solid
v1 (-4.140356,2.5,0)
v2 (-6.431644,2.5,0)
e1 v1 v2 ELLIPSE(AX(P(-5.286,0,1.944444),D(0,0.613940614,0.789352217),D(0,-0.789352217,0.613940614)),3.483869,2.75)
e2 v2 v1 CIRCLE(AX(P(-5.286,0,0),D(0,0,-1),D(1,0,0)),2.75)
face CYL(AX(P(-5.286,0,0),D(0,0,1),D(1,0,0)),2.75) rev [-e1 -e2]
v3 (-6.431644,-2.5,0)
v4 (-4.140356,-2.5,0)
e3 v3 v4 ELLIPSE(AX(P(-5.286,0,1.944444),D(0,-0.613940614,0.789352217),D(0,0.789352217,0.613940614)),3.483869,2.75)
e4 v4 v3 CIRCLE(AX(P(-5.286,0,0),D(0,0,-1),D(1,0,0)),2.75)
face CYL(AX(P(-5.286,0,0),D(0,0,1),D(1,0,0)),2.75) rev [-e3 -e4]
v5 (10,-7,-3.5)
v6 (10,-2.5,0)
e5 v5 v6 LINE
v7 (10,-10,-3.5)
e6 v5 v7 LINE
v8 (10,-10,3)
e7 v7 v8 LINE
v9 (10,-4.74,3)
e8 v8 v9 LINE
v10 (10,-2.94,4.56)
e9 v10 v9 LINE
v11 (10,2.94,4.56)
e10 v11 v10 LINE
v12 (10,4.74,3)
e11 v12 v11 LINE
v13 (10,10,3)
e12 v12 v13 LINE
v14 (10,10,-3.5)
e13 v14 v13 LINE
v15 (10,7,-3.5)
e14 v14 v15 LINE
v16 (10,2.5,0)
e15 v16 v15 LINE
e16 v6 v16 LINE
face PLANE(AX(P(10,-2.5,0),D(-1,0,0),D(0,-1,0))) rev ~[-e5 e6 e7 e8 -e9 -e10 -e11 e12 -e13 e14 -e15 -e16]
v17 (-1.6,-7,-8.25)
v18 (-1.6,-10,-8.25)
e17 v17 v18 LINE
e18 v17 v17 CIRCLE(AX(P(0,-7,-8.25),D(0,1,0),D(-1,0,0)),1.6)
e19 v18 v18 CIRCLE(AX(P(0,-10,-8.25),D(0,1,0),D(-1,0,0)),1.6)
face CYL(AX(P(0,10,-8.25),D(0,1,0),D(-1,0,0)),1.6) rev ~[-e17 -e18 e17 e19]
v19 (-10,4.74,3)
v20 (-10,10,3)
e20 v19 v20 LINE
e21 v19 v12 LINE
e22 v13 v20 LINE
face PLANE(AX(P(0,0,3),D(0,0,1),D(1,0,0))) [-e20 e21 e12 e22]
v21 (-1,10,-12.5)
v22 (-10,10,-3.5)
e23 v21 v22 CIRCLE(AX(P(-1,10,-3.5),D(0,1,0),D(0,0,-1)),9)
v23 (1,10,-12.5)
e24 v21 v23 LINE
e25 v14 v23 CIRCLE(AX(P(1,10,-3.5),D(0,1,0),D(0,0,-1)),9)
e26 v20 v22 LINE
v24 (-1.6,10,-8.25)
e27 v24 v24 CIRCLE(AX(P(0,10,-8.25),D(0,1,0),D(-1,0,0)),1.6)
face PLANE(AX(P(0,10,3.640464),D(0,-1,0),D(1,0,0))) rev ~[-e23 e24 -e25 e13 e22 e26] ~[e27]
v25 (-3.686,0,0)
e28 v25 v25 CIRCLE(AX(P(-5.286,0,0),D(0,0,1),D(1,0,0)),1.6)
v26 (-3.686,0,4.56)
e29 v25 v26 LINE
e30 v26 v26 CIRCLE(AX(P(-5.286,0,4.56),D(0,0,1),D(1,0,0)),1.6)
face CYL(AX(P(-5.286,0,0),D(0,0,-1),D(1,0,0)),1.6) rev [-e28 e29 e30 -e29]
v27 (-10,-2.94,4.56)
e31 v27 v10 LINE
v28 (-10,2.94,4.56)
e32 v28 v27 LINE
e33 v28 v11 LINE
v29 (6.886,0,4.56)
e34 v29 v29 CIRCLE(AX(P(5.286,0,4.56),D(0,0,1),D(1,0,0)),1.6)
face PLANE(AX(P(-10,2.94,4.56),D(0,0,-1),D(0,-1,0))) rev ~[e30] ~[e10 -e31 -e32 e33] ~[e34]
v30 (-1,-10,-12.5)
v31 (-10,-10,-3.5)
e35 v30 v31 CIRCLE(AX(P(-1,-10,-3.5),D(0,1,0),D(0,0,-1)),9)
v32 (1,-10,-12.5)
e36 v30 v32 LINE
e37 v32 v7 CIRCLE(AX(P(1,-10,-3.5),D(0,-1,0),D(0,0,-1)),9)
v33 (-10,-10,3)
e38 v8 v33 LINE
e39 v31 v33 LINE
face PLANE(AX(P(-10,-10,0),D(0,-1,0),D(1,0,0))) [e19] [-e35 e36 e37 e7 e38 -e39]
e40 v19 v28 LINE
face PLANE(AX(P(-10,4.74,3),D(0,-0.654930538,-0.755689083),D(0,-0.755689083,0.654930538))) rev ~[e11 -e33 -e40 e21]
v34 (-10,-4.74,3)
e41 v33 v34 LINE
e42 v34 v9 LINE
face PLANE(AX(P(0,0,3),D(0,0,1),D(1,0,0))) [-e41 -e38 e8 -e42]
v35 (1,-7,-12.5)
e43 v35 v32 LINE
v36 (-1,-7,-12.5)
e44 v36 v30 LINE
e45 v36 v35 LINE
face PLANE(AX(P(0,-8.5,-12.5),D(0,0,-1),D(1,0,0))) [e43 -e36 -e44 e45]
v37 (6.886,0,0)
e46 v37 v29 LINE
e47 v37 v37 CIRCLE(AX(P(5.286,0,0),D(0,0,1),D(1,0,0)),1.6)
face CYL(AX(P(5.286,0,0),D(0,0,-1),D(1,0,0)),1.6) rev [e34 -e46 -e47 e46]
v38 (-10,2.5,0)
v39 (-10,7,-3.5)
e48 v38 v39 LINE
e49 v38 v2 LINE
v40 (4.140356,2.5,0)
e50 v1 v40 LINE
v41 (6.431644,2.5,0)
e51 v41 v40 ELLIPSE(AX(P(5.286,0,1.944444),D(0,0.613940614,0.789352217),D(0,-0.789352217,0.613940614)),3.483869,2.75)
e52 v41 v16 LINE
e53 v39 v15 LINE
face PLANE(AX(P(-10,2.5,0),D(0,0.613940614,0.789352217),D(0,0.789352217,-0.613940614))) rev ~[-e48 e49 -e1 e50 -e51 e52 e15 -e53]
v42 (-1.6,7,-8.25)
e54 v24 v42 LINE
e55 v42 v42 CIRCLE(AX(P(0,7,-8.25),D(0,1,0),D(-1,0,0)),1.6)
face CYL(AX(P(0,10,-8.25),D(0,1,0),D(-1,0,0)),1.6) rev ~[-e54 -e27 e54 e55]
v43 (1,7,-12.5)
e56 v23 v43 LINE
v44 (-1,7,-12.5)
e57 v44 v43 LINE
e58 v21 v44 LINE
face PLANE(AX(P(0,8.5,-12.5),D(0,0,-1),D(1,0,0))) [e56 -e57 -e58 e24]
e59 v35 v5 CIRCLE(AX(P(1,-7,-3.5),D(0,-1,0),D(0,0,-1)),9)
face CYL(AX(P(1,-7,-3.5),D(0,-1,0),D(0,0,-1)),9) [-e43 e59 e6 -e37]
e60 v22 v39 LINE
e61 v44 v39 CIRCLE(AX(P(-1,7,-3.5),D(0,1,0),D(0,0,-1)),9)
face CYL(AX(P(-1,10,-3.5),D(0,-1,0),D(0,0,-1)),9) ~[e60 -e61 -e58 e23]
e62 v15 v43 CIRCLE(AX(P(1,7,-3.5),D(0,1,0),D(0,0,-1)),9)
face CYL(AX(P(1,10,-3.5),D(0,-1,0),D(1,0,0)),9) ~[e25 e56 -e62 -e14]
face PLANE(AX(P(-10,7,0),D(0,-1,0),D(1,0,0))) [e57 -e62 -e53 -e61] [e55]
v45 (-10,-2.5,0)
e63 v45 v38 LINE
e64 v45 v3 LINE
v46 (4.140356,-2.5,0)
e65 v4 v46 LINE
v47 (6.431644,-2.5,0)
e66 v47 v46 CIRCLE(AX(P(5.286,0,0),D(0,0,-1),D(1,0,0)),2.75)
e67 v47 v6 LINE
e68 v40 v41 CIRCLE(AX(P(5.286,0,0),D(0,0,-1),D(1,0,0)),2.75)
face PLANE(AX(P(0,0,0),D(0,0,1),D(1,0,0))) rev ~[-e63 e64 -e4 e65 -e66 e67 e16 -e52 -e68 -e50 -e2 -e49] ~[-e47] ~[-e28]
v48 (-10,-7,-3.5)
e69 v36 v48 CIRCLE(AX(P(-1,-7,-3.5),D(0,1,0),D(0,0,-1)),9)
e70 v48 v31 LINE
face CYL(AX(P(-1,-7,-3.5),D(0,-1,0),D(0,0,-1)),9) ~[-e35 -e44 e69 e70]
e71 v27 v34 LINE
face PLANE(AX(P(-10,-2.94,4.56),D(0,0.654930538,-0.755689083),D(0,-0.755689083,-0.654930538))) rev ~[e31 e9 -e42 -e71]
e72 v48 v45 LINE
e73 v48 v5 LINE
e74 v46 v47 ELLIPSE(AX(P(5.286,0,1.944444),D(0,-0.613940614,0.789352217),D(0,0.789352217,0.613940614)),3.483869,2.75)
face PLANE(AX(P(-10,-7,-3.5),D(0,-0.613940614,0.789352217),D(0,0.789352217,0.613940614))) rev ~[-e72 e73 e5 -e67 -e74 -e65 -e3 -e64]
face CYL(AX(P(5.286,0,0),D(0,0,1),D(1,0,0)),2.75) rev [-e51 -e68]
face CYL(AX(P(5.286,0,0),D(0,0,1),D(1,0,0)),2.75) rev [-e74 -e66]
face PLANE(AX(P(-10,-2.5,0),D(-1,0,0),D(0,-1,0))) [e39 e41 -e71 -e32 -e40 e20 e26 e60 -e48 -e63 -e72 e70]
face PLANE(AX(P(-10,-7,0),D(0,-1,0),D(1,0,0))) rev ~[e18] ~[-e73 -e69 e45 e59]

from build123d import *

# Parameters (mm, degrees)
SKETCH_W        = 20
SKETCH_H        = 20
SKETCH_R        = 1.6
PAD_DEPTH       = 3
PAD001_DEPTH    = 20
SKETCH002_R     = 1.6
POCKET_DEPTH    = 4.561
SKETCH003_W     = 20
SKETCH003_H     = 3
PAD002_DEPTH    = 12.5
SKETCH005_R     = 1.6
POCKET002_DEPTH = 20.001
POCKET003_DEPTH = 20.001
SKETCH006_W     = 20
SKETCH006_H     = 4.5
PAD003_DEPTH    = 3.5
POCKET004_DEPTH = 20.001
SKETCH008_R     = 2.75
POCKET005_DEPTH = 12.501
PAD004_DEPTH    = 20
SKETCH010_R     = 1.6
POCKET006_DEPTH = 17.061
FILLET_R        = 9


with BuildPart() as part:
    # Sketch → Pad (new body)
    with BuildSketch(Plane.XY):
        Rectangle(SKETCH_W, SKETCH_H)
        with Locations((-5.286, 0)):
            Circle(SKETCH_R, mode=Mode.SUBTRACT)
        with Locations((5.286, 0)):
            Circle(SKETCH_R, mode=Mode.SUBTRACT)
    extrude(amount=PAD_DEPTH)

    # Sketch001 (on Face1 of Pad) → Pad001 (join)
    with BuildSketch(Plane(origin=(0, 10, 0), x_dir=(-1, 0, 0), z_dir=(0, 1, 0))):
        Polygon((0, 3), (-4.74, 3), (-2.94, 4.56), (2.94, 4.56), (4.74, 3), align=None)
    extrude(amount=-PAD001_DEPTH)

    # Sketch002 (on Face4 of Pad001) → Pocket (cut, through all)
    with BuildSketch(Plane(origin=(0, 0, 0), x_dir=(1, 0, 0), z_dir=(0, 0, -1))):
        with Locations((-5.286, 0)):
            Circle(SKETCH002_R)
        with Locations((5.286, 0)):
            Circle(SKETCH002_R)
    extrude(amount=-POCKET_DEPTH, mode=Mode.SUBTRACT)

    # Sketch003 (on Face4 of Pocket) → Pad002 (join)
    with BuildSketch(Plane(origin=(0, 0, 0), x_dir=(1, 0, 0), z_dir=(0, 0, -1))):
        with Locations((0, 8.5)):
            Rectangle(SKETCH003_W, SKETCH003_H)
        with Locations((0, -8.5)):
            Rectangle(SKETCH003_W, SKETCH003_H)
    extrude(amount=PAD002_DEPTH)

    # Sketch005 → Pocket002 (cut, through all)
    with BuildSketch(Plane(origin=(0, 10, 0), x_dir=(-1, 0, 0), z_dir=(0, 1, 0))):
        with Locations((0, -8.25)):
            Circle(SKETCH005_R)
    extrude(amount=-POCKET002_DEPTH, mode=Mode.SUBTRACT)

    # Pocket002 Face22 → Pocket003 (cut, through all)
    with BuildSketch(Plane(origin=(0, -10, 3.719063), x_dir=(-1, 0, 0), z_dir=(0, -1, 0))):
        Polygon((-4.74, 0.719063), (-2.94, -0.840937), (2.94, -0.840937), (4.74, 0.719063), (0, 0.719063), align=None)
    extrude(amount=-POCKET003_DEPTH, mode=Mode.SUBTRACT)

    # Sketch006 (on Face11 of Pocket003) → Pad003 (join)
    with BuildSketch(Plane(origin=(0, 0, 0), x_dir=(1, 0, 0), z_dir=(0, 0, -1))):
        with Locations((0, 4.75)):
            Rectangle(SKETCH006_W, SKETCH006_H)
        with Locations((0, -4.75)):
            Rectangle(SKETCH006_W, SKETCH006_H)
    extrude(amount=PAD003_DEPTH)

    # Sketch007 (on Face17 of Pad003) → Pocket004 (cut, through all)
    with BuildSketch(Plane(origin=(-10, 0, 0), x_dir=(0, -1, 0), z_dir=(-1, 0, 0))):
        Polygon((-2.5, 0), (-7, -3.5), (-2.5, -3.5), align=None)
        Polygon((7, -3.5), (2.5, 0), (2.5, -3.5), align=None)
    extrude(amount=-POCKET004_DEPTH, mode=Mode.SUBTRACT)

    # Sketch008 (on Face12 of Pocket004) → Pocket005 (cut, through all)
    with BuildSketch(Plane(origin=(0, 0, 0), x_dir=(1, 0, 0), z_dir=(0, 0, -1))):
        with Locations((-5.286, 0)):
            Circle(SKETCH008_R)
        with Locations((5.286, 0)):
            Circle(SKETCH008_R)
    extrude(amount=POCKET005_DEPTH, mode=Mode.SUBTRACT)

    # Sketch009 (on Face3 of Pocket005) → Pad004 (join)
    with BuildSketch(Plane(origin=(-10, 0, 0), x_dir=(0, -1, 0), z_dir=(-1, 0, 0))):
        Polygon((0, 3), (-4.74, 3), (-2.94, 4.56), (2.94, 4.56), (4.74, 3), align=None)
    extrude(amount=-PAD004_DEPTH)

    # Sketch010 (on Face37 of Pad004) → Pocket006 (cut, through all)
    with BuildSketch(Plane.XY.offset(4.56)):
        with Locations((5.286, 0)):
            Circle(SKETCH010_R)
        with Locations((-5.286, 0)):
            Circle(SKETCH010_R)
    extrude(amount=-POCKET006_DEPTH, mode=Mode.SUBTRACT)

    # Fillet
    fillet_edges = [part.edges().sort_by_distance(p)[0] for p in [
        (-10, -8.5, -12.5),
        (10, 8.5, -12.5),
        (-10, 8.5, -12.5),
        (10, -8.5, -12.5),
    ]]
    fillet(fillet_edges, radius=FILLET_R)


solid = part.part
